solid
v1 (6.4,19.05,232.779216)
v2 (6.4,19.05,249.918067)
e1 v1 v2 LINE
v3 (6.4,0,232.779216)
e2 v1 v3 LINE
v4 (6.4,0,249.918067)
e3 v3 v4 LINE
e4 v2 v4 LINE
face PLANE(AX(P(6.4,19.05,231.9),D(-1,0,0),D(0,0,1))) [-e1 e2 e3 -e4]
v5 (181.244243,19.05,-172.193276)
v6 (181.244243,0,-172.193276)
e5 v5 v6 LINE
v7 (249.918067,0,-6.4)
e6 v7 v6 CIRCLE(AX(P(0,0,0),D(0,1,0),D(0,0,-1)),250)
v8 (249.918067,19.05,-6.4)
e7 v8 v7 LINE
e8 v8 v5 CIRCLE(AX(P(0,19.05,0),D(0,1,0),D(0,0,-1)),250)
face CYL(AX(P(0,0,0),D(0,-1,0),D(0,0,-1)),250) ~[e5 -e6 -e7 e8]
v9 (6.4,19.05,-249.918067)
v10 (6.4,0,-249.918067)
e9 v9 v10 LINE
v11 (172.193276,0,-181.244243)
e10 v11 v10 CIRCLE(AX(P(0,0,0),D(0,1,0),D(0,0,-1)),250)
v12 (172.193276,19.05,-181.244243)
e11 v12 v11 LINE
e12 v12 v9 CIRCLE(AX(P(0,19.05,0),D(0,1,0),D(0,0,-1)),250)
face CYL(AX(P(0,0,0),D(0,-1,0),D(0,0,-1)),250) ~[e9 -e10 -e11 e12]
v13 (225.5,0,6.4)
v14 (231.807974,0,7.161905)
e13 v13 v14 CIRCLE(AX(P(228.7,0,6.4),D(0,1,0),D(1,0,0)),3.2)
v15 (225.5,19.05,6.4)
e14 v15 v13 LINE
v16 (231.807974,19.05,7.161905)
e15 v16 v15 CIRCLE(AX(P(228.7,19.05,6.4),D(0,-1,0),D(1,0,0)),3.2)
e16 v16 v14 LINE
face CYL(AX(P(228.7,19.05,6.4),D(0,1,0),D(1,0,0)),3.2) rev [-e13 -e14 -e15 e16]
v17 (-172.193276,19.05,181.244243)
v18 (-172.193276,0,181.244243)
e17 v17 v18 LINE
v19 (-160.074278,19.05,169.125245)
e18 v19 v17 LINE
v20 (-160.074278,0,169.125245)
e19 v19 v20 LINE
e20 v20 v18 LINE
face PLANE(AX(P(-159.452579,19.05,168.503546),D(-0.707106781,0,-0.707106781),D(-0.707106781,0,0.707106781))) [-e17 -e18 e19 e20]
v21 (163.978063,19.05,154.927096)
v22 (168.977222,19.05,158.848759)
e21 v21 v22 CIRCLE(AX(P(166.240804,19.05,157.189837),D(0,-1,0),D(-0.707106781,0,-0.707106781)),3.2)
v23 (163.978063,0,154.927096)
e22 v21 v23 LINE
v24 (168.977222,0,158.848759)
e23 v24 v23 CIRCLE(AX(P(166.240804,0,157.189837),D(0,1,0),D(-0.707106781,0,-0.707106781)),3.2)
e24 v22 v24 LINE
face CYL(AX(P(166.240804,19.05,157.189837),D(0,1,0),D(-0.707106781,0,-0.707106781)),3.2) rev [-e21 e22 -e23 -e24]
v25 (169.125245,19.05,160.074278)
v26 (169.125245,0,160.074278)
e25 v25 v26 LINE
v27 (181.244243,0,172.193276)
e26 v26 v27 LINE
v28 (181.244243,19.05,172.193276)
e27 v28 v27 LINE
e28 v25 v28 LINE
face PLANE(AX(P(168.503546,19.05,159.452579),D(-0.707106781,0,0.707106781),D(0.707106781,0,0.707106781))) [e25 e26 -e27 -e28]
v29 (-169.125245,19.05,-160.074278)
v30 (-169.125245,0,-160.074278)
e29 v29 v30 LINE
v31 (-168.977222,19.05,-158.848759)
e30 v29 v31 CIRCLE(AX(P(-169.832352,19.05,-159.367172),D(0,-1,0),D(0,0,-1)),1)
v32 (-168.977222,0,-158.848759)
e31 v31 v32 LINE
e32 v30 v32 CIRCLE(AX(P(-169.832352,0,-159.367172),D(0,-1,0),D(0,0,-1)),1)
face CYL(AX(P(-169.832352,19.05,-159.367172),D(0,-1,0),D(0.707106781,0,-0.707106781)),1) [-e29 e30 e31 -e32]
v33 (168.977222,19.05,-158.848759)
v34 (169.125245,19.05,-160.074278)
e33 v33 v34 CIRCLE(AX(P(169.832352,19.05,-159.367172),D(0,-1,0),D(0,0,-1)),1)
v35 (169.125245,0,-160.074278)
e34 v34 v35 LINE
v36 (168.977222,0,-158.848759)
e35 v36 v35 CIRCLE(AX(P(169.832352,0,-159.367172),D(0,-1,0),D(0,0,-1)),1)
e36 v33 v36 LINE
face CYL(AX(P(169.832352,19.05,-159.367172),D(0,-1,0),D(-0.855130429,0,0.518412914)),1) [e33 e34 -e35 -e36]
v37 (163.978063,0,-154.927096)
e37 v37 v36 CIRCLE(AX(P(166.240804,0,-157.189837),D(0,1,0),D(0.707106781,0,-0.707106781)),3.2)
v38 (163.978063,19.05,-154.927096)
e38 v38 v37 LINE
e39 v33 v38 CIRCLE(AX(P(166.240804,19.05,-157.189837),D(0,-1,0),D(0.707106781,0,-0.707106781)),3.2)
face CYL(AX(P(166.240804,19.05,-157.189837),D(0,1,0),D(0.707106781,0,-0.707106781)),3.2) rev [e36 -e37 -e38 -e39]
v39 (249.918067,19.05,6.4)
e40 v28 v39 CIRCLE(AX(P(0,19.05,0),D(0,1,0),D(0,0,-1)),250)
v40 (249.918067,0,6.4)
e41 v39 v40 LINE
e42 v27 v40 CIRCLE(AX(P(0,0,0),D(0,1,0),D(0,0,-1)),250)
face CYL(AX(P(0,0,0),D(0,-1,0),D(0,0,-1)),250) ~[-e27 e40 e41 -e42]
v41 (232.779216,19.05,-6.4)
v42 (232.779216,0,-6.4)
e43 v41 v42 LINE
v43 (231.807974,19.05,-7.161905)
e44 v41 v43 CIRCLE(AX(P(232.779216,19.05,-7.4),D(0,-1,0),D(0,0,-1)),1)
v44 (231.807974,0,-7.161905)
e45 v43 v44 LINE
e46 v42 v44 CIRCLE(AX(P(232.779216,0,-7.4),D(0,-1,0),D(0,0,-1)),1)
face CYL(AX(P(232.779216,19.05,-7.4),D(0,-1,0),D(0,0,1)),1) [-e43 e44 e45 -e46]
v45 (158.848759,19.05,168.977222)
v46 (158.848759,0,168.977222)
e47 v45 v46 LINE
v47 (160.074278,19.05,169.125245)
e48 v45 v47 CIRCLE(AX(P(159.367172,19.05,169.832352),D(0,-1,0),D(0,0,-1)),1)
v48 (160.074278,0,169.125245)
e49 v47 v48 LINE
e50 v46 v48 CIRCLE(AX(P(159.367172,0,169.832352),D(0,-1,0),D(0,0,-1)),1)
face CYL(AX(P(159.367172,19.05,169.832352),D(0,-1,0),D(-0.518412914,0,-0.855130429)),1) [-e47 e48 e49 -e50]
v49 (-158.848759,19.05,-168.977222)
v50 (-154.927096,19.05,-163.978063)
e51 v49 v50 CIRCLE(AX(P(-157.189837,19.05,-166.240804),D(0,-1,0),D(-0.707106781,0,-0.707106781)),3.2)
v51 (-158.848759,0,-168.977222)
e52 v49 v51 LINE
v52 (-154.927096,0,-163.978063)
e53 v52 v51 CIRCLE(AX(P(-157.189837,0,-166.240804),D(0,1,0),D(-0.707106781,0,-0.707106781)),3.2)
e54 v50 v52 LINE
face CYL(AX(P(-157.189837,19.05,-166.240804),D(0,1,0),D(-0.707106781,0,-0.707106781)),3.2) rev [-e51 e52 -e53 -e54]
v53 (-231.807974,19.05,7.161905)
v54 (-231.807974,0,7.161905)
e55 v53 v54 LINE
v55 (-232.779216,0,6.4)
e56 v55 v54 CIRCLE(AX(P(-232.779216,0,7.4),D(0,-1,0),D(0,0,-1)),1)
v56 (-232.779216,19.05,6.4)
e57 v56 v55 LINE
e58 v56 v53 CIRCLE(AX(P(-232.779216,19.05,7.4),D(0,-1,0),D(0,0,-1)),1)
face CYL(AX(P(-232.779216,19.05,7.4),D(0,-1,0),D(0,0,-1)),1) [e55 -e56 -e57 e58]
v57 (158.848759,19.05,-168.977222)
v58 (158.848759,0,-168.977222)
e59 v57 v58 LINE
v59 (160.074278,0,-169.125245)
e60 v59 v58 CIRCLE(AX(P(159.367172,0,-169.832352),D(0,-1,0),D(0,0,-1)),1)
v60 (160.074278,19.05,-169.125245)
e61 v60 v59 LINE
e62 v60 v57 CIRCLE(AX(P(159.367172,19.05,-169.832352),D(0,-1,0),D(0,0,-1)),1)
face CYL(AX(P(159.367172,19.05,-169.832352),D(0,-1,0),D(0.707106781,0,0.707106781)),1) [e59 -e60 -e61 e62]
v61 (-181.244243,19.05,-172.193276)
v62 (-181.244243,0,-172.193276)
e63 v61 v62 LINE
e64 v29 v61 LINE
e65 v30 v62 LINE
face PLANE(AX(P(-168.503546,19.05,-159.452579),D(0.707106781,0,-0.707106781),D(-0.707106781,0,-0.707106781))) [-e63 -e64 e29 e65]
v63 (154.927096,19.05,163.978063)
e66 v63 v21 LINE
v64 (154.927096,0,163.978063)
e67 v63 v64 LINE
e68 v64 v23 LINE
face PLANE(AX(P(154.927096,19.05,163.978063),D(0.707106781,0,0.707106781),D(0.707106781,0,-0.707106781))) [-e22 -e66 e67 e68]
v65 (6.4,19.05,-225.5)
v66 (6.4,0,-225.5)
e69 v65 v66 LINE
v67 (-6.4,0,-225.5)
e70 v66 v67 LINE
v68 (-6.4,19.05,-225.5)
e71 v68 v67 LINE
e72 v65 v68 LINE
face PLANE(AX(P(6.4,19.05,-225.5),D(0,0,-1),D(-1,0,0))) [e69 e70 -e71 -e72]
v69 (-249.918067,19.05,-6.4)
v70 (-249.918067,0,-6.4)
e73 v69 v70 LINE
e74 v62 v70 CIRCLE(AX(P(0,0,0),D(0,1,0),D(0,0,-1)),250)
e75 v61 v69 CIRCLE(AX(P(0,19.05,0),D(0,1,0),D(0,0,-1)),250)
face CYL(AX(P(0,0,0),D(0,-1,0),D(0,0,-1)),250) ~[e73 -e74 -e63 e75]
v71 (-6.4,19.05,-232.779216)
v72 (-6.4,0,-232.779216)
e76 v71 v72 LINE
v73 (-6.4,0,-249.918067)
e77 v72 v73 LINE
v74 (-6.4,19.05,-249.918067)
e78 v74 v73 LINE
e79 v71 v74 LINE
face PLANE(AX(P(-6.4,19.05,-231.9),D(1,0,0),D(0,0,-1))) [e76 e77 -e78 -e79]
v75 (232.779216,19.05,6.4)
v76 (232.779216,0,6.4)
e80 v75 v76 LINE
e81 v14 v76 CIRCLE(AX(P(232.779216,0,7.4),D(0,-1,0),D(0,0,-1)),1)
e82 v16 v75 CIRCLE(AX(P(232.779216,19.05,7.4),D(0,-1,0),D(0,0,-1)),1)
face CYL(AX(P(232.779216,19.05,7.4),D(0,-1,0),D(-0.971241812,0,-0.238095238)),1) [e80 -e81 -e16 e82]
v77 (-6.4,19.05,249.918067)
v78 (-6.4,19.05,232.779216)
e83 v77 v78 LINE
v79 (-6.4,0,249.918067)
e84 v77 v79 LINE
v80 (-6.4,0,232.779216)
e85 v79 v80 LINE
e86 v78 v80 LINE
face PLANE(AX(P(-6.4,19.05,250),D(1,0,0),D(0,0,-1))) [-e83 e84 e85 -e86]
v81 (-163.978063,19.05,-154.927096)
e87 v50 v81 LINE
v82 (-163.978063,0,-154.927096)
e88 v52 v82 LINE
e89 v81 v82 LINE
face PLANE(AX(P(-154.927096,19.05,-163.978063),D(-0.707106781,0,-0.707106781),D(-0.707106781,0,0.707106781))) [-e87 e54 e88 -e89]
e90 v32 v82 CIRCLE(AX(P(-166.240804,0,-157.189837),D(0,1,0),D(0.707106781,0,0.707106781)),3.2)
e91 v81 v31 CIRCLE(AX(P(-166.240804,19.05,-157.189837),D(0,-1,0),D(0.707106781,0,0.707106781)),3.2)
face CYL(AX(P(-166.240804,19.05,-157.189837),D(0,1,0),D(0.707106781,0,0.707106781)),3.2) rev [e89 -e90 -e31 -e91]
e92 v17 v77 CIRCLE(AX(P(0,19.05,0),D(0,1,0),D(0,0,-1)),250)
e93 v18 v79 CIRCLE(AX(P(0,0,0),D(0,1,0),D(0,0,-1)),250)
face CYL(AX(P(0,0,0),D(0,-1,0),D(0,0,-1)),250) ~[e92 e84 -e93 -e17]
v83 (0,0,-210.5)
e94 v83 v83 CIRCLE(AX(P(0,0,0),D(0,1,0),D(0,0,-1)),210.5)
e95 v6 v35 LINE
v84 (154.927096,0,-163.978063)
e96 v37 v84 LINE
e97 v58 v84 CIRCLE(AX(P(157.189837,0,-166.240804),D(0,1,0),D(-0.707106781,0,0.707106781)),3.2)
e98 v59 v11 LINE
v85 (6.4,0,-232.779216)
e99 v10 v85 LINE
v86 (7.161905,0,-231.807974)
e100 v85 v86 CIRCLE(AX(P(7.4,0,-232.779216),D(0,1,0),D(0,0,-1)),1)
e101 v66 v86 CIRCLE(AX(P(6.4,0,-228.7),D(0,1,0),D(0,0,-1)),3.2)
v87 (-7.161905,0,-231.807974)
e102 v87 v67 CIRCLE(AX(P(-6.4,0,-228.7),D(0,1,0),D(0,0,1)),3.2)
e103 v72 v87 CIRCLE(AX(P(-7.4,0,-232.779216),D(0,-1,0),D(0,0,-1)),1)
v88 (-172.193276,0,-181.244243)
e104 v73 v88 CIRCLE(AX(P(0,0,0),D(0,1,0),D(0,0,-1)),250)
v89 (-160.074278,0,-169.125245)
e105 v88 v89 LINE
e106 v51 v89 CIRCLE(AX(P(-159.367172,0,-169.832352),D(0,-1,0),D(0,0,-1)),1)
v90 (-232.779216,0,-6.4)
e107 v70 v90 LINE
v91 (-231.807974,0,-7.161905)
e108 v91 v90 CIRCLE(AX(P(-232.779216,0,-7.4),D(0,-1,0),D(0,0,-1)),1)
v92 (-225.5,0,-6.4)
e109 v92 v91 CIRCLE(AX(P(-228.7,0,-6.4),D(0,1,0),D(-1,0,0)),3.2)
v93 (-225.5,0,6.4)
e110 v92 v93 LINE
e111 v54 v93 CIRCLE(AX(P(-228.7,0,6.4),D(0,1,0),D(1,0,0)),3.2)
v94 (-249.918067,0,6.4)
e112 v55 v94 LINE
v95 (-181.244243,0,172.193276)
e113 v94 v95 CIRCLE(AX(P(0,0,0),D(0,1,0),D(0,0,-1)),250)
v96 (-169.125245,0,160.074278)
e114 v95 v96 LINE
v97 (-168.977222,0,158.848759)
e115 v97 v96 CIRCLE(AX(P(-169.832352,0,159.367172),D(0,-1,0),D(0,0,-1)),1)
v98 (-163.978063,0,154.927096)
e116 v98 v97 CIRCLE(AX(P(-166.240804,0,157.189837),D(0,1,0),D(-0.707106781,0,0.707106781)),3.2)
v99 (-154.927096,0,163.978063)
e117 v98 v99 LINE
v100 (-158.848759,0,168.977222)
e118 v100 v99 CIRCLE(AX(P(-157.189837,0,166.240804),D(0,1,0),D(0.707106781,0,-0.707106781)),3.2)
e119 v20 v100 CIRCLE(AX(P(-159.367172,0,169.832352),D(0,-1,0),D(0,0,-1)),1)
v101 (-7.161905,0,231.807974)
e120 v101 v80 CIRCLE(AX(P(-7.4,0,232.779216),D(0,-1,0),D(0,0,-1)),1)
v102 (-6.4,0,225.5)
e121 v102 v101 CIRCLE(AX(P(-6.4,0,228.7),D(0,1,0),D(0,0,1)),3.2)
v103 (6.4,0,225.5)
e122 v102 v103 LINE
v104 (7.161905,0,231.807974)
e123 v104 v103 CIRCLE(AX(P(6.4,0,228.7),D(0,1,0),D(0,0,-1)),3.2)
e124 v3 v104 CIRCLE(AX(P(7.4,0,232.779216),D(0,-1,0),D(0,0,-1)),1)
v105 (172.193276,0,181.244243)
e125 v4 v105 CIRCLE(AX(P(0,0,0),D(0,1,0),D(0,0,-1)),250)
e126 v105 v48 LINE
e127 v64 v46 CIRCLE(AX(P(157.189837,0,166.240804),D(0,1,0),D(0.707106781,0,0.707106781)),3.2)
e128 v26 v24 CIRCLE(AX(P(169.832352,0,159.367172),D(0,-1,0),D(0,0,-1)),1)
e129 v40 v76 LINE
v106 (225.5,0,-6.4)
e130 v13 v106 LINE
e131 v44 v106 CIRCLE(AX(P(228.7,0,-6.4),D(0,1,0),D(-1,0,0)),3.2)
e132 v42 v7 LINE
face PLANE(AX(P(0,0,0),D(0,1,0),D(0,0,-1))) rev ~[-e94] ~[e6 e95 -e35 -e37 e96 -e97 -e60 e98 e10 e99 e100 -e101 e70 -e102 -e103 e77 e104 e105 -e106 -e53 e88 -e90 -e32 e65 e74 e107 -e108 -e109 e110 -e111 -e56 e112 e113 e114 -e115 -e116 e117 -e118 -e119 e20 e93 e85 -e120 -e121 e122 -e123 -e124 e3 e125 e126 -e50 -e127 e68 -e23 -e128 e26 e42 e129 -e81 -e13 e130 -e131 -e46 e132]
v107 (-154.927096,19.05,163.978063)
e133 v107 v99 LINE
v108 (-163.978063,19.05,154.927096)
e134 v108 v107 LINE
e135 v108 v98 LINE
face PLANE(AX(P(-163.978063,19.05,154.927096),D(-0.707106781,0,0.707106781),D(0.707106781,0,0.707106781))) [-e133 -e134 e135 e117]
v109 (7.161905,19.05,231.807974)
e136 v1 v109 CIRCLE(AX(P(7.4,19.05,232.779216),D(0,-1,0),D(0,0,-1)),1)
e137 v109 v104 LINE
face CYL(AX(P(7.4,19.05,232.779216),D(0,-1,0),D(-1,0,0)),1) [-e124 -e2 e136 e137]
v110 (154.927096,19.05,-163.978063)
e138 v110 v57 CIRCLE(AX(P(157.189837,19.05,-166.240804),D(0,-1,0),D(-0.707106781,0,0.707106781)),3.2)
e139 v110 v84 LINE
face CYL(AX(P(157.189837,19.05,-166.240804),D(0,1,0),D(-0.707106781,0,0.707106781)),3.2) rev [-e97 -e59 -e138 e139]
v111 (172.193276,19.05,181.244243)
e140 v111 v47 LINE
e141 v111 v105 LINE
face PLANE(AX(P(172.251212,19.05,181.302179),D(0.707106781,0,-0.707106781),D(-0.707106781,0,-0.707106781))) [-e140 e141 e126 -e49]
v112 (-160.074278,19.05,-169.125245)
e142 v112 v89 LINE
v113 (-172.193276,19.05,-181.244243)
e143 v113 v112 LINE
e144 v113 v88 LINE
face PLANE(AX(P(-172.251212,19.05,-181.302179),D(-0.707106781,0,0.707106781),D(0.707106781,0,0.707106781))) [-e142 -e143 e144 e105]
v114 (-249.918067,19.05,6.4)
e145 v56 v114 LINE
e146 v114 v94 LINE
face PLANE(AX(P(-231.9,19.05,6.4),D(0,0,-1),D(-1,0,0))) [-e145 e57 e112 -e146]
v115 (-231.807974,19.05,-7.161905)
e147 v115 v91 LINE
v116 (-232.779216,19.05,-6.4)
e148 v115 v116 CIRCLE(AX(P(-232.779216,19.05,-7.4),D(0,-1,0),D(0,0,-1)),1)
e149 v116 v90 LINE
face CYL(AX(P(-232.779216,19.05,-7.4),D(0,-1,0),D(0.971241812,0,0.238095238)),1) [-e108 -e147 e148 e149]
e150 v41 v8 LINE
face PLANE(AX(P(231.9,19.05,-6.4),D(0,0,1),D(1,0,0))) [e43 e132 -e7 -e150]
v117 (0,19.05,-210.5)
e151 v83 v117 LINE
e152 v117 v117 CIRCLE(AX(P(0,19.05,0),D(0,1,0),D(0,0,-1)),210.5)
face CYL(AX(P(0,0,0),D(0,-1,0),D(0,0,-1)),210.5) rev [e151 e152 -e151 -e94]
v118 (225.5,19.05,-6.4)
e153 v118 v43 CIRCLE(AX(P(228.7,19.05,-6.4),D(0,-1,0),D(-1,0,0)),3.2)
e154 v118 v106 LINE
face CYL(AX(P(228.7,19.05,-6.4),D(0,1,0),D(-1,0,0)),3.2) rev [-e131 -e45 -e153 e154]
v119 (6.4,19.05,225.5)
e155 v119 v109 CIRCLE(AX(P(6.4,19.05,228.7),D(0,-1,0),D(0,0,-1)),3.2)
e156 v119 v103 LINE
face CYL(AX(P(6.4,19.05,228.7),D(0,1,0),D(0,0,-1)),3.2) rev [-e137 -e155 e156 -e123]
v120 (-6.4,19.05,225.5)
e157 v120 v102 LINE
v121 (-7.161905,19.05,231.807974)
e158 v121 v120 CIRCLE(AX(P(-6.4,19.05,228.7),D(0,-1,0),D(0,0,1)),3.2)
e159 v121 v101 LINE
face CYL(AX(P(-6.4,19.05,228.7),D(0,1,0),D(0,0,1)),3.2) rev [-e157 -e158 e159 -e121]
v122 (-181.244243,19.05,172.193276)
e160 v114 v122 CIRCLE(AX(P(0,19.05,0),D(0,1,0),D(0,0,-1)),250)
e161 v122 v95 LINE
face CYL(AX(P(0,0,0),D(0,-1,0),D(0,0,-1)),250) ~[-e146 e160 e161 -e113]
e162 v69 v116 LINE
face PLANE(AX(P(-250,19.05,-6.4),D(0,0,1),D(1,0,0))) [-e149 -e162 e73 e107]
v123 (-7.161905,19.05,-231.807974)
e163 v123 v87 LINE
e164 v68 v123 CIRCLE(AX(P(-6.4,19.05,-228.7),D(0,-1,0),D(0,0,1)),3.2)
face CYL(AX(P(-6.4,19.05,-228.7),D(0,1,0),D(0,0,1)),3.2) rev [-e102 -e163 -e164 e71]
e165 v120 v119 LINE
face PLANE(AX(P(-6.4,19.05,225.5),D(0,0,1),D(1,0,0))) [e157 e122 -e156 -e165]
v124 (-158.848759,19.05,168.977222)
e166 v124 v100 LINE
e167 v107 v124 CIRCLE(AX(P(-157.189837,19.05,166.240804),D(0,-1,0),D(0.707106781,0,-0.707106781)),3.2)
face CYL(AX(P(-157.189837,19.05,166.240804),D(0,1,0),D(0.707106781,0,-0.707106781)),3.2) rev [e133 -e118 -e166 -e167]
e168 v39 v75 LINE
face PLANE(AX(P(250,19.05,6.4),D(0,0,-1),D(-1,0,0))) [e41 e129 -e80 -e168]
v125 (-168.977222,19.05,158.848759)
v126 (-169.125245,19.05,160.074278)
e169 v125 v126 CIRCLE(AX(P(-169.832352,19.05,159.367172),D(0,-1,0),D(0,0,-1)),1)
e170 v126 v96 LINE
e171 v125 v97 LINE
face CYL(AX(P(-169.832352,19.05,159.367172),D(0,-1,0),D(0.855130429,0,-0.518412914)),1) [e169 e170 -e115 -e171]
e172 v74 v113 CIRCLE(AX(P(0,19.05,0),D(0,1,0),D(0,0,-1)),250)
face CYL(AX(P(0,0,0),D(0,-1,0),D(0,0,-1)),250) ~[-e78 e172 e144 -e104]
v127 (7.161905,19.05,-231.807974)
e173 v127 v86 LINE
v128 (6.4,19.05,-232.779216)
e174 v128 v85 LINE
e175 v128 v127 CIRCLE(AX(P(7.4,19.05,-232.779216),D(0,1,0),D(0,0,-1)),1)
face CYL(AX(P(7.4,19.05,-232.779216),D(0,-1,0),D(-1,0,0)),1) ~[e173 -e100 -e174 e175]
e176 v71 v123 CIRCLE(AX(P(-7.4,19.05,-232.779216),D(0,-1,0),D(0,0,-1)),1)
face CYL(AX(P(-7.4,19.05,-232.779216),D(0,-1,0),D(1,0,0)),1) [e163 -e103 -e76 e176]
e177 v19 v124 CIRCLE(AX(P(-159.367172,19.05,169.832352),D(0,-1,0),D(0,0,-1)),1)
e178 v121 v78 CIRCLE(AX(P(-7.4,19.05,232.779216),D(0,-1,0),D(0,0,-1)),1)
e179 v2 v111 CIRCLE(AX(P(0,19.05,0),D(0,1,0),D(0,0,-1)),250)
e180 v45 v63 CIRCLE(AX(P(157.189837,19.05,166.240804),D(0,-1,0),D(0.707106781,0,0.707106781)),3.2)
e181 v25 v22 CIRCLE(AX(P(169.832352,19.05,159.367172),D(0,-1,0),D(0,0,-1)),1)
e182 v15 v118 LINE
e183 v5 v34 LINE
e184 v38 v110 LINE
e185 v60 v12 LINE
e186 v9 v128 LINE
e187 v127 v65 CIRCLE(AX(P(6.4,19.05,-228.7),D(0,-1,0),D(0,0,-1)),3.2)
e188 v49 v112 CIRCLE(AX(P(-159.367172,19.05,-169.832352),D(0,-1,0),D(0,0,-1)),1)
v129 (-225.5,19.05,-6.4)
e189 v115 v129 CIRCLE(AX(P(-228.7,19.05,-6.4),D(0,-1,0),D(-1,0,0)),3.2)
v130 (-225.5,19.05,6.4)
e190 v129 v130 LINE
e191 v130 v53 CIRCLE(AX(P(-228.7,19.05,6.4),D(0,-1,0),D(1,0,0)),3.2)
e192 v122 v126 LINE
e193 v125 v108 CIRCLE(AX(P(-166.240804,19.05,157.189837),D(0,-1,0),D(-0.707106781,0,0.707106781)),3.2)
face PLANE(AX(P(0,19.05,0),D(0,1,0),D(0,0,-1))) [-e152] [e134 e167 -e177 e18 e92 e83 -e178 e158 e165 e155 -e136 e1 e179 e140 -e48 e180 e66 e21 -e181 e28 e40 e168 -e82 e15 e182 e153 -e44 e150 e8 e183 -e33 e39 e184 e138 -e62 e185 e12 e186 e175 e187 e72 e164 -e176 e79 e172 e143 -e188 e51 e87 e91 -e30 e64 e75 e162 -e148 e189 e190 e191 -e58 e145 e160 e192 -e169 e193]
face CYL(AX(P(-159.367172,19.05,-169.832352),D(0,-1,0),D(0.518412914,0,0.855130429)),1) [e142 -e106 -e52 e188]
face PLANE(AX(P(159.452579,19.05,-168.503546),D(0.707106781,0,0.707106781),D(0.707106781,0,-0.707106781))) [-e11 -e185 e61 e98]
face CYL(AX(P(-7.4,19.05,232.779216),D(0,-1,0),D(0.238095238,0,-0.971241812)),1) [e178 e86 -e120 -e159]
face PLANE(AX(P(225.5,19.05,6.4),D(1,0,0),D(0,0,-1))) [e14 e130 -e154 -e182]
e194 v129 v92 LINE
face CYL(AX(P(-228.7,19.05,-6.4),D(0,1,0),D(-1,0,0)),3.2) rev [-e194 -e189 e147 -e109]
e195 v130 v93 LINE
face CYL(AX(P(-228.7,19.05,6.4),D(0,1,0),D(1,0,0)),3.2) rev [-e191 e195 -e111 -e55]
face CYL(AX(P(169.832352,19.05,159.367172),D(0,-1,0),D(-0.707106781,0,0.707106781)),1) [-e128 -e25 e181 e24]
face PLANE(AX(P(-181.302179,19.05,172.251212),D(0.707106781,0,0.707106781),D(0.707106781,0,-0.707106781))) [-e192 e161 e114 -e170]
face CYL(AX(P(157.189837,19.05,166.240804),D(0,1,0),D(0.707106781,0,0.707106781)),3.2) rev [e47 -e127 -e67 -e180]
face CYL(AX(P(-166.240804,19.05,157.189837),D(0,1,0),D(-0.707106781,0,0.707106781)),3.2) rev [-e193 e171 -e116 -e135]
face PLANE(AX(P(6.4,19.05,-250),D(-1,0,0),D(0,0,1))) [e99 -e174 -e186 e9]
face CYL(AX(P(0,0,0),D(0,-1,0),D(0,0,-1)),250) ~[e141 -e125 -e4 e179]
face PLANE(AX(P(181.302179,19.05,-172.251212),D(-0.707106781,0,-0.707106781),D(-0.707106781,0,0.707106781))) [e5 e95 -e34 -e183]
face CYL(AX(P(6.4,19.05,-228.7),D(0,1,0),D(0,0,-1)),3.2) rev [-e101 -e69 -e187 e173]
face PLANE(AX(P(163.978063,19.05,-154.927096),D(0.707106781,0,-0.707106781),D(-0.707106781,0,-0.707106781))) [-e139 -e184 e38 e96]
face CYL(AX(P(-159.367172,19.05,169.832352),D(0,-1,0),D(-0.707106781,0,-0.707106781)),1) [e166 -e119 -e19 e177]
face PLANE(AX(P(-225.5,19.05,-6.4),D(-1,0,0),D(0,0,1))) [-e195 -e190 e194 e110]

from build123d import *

# Parameters (mm, degrees)
SKETCH1_R                = 250
SKETCH1_R_2              = 210.5
BOSS_EXTRUDE1_DEPTH      = 19.05
CUT_EXTRUDE1_DEPTH       = 355.066240272
FILLET1_R                = 1
CIRPATTERN1_COUNT        = 8
FILLET1_OF_CIRPATTERN1_R = 1


with BuildPart() as part:
    # Sketch1 → Boss-Extrude1 (new body)
    with BuildSketch(Plane(origin=(0, 0, 0), x_dir=(1, 0, 0), z_dir=(0, 1, 0))):
        with Locations(Location((0, 0, 0), (0, 0, 90))):
            Circle(SKETCH1_R)
        with Locations(Location((0, 0, 0), (0, 0, 90))):
            Circle(SKETCH1_R_2, mode=Mode.SUBTRACT)
    extrude(amount=BOSS_EXTRUDE1_DEPTH)

    # Sketch2 → Cut-Extrude1 (cut, through all)
    with BuildSketch(Plane(origin=(0, 19.05, 0), x_dir=(1, 0, 0), z_dir=(0, 1, 0))):
        with BuildLine():
            Line((6.4, 225.5), (-6.4, 225.5))
            ThreePointArc((-6.4, 225.5), (-9.6, 228.7), (-6.4, 231.9))
            Line((-6.4, 231.9), (-6.4, 250))
            Line((-6.4, 250), (6.4, 250))
            Line((6.4, 250), (6.4, 231.9))
            ThreePointArc((6.4, 231.9), (9.6, 228.7), (6.4, 225.5))
        make_face()
    cut_extrude1 = extrude(amount=-CUT_EXTRUDE1_DEPTH, mode=Mode.SUBTRACT)

    # Fillet1
    fillet1_edges = [part.edges().sort_by_distance(p)[0] for p in [
        (-6.4, 9.525, -231.9),
        (6.4, 9.525, -231.9),
    ]]
    fillet(fillet1_edges, radius=FILLET1_R)

    # CirPattern1: Cut-Extrude1 ×8 about axis
    cirpattern1_axis = Axis((0, 0, 0), (0, 1, 0))
    for i in range(1, CIRPATTERN1_COUNT):
        add(cut_extrude1.rotate(cirpattern1_axis, i * 360 / CIRPATTERN1_COUNT), mode=Mode.SUBTRACT)

    # Fillet1 of CirPattern1
    fillet1_of_cirpattern1_edges = [part.edges().sort_by_distance(p)[0] for p in [
        (-168.503545957, 9.525, -159.452579158),
        (-159.452579158, 9.525, -168.503545957),
        (-231.9, 9.525, 6.4),
        (-231.9, 9.525, -6.4),
        (-159.452579158, 9.525, 168.503545957),
        (-168.503545957, 9.525, 159.452579158),
        (6.4, 9.525, 231.9),
        (-6.4, 9.525, 231.9),
        (168.503545957, 9.525, 159.452579158),
        (159.452579158, 9.525, 168.503545957),
        (231.9, 9.525, -6.4),
        (231.9, 9.525, 6.4),
        (159.452579158, 9.525, -168.503545957),
        (168.503545957, 9.525, -159.452579158),
    ]]
    fillet(fillet1_of_cirpattern1_edges, radius=FILLET1_OF_CIRPATTERN1_R)


solid = part.part
